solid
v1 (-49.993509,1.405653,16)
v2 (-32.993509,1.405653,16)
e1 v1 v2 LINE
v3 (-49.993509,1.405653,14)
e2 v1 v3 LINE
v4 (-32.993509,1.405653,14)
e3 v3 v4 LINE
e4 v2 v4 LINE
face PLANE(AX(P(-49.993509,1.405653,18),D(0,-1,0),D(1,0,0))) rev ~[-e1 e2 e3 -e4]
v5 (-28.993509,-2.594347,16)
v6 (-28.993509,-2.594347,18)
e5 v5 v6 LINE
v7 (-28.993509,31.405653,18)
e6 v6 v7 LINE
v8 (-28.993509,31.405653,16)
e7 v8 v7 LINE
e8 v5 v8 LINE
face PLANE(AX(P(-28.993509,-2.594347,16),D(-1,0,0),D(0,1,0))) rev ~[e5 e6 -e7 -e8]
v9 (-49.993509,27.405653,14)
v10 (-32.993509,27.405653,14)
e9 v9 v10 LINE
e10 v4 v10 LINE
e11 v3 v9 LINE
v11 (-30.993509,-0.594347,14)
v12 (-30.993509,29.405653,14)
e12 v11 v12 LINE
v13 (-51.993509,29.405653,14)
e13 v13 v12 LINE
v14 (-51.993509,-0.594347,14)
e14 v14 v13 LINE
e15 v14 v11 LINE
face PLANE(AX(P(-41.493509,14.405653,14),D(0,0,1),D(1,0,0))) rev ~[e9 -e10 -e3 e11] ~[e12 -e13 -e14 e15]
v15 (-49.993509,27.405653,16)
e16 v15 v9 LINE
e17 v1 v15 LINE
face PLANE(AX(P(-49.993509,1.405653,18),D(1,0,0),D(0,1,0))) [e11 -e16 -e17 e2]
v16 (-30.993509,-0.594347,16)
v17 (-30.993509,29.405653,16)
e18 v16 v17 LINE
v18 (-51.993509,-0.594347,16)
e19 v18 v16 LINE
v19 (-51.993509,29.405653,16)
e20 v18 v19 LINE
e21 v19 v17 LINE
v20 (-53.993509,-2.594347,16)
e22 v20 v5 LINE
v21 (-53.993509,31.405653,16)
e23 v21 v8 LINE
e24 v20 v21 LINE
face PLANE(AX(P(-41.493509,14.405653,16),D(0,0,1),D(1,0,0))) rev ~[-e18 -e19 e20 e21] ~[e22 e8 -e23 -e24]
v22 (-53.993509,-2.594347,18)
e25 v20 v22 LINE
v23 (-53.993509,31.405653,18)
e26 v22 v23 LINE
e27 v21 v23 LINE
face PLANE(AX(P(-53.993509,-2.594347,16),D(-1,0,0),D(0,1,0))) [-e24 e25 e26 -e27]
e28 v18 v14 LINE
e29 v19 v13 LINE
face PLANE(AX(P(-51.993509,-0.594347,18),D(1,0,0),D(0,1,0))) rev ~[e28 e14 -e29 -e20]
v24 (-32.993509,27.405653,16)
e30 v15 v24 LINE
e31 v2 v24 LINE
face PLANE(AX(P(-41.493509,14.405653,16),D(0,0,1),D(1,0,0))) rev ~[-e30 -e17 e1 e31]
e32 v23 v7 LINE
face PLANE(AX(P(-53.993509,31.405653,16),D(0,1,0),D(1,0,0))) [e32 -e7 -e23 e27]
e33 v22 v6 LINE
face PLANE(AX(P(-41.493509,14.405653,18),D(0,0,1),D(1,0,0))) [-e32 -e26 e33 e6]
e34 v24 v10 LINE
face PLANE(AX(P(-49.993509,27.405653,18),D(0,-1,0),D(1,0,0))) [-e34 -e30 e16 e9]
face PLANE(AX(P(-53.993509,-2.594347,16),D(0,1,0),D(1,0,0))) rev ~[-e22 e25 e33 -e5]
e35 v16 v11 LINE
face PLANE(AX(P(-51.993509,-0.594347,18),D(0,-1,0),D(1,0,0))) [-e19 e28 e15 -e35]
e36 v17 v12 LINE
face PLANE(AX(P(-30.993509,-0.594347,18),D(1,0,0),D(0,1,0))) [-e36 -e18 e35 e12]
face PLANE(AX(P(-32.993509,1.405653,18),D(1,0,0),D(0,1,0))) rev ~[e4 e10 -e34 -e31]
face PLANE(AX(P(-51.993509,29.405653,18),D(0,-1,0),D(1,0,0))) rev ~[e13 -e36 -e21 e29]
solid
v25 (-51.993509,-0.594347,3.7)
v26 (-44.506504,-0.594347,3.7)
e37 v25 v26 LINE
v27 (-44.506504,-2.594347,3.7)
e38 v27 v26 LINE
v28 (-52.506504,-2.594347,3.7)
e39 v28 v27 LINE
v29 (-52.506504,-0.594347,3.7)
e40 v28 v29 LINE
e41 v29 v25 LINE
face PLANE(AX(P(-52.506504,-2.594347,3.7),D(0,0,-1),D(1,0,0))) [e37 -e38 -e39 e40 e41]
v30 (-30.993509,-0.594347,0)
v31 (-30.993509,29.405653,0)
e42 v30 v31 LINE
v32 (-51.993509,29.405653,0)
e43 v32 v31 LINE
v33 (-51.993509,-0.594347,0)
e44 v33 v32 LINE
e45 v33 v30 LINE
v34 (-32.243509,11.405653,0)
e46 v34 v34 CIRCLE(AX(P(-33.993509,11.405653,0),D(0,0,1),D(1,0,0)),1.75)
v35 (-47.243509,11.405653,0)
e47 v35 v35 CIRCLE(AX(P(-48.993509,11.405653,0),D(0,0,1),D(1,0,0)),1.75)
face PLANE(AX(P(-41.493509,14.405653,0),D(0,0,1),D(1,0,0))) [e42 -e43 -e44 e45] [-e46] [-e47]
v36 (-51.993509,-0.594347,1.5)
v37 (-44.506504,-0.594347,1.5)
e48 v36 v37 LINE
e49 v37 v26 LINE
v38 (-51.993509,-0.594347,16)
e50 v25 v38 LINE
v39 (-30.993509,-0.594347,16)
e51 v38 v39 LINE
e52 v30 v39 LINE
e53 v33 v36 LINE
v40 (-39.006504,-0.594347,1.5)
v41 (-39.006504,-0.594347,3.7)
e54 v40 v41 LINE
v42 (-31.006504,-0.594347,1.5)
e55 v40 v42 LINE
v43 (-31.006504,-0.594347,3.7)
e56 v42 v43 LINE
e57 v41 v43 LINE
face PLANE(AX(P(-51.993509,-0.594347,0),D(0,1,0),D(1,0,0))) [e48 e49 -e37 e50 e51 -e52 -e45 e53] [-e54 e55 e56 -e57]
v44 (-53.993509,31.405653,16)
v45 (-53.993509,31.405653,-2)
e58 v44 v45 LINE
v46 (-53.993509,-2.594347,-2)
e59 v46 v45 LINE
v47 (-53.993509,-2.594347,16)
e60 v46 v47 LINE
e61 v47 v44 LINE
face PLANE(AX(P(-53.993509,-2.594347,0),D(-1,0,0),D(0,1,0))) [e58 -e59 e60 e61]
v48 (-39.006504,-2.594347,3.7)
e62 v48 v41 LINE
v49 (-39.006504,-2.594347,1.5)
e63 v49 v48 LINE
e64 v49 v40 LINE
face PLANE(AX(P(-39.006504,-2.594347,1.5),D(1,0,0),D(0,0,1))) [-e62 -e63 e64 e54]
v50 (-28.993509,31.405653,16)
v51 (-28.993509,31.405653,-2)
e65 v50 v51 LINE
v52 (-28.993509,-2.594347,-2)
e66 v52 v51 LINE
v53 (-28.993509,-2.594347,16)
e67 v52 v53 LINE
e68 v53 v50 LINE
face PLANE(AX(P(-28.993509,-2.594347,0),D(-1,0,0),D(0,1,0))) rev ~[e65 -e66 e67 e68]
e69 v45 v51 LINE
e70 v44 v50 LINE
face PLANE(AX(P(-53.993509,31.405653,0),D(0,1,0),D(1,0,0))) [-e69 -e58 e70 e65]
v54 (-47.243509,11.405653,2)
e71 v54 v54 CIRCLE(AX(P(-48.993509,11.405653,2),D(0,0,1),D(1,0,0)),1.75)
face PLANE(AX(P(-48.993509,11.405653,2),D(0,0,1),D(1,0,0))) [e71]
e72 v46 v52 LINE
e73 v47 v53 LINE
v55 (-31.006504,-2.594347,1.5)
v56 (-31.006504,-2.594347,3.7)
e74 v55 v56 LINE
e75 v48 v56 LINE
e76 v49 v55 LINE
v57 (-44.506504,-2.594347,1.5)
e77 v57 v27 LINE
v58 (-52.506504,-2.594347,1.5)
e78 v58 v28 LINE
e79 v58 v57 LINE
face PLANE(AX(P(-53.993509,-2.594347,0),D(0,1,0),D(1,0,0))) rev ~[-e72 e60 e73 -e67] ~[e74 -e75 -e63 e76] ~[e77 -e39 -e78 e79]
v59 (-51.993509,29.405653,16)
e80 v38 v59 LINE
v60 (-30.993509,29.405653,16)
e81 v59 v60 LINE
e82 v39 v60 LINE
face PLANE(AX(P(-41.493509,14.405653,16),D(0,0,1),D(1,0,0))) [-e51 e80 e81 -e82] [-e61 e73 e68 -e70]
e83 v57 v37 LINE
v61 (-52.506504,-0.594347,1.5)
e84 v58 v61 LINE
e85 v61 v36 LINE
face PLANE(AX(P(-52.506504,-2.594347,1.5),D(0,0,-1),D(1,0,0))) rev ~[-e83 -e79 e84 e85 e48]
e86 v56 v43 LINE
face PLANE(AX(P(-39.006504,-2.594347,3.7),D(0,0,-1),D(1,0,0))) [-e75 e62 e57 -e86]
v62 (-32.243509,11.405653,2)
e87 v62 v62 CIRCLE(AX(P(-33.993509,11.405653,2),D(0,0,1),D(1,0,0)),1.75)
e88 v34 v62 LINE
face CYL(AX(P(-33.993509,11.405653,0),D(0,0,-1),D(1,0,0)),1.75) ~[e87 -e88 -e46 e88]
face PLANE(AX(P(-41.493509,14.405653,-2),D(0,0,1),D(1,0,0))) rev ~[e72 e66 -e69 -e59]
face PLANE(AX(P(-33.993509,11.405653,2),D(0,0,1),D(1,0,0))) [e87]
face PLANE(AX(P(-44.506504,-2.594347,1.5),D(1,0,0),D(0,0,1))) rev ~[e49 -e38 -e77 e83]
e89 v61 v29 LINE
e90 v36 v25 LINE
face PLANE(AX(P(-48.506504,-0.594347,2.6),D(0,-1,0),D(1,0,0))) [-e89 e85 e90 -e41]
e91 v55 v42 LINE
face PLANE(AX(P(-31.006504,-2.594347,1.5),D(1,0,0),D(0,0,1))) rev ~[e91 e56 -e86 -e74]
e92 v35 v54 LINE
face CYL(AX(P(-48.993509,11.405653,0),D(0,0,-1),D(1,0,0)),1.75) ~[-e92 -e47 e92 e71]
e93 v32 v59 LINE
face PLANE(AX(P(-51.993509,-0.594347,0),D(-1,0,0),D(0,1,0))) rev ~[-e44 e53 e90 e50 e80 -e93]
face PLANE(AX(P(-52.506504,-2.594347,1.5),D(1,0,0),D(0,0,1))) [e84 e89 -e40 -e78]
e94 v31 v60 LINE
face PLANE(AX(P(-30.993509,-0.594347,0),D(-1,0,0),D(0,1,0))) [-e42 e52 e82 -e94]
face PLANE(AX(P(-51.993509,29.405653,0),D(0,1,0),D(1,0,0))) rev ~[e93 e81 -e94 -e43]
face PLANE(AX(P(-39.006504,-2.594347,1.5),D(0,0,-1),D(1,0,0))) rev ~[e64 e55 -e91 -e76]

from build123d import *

# Parameters (mm, degrees)
F0_W      = 25
F0_H      = 34
F1_DEPTH  = 2
F2_W      = 25
F2_H      = 34
F2_W_2    = 21
F2_H_2    = 30
F3_DEPTH  = 16
F4_W      = 8
F4_H      = 2.2
F5_DEPTH  = 2
F6_R      = 1.75
F7_DEPTH  = 2
F8_W      = 25
F8_H      = 34
F8_W_2    = 21
F8_H_2    = 30
F9_DEPTH  = 2
F10_W     = 21
F10_H     = 30
F10_W_2   = 17
F10_H_2   = 26
F11_DEPTH = 4


with BuildPart() as f1:
    # F0 (on Top) → F1 (new body)
    with BuildSketch(Plane.XY):
        with Locations((-41.4935089648, 14.4056526116)):
            Rectangle(F0_W, F0_H)
    extrude(amount=-F1_DEPTH)

    # F2 (on face) → F3 (join)
    with BuildSketch(Plane.XY):
        with Locations((-41.4935089648, 14.4056526116)):
            Rectangle(F2_W, F2_H)
        with Locations((-41.4935089648, 14.4056526116)):
            Rectangle(F2_W_2, F2_H_2, mode=Mode.SUBTRACT)
    extrude(amount=F3_DEPTH)

    # F4 (on face) → F5 (cut)
    with BuildSketch(Plane.XZ.offset(2.5943473884)):
        with Locations((-48.5065041638, 2.6)):
            Rectangle(F4_W, F4_H)
        with Locations((-35.0065041638, 2.6)):
            Rectangle(F4_W, F4_H)
    extrude(amount=-F5_DEPTH, mode=Mode.SUBTRACT)

    # F6 (on face) → F7 (join)
    with BuildSketch(Plane.XY):
        with Locations((-48.9935089648, 11.4056526116)):
            Circle(F6_R)
        with Locations((-33.9935089648, 11.4056526116)):
            Circle(F6_R)
    extrude(amount=F7_DEPTH)


with BuildPart() as f9:
    # F8 (on face) → F9 (new body)
    with BuildSketch(Plane.XY.offset(16)):
        with Locations((-41.4935089648, 14.4056526116)):
            Rectangle(F8_W, F8_H)
        with Locations((-41.4935089648, 14.4056526116)):
            Rectangle(F8_W_2, F8_H_2, mode=Mode.SUBTRACT)
        with Locations((-41.4935089648, 14.4056526116)):
            Rectangle(F8_W_2, F8_H_2)
    extrude(amount=F9_DEPTH)

    # F10 (on face) → F11 (join)
    with BuildSketch(Plane.XY.offset(18)):
        with Locations((-41.4935089648, 14.4056526116)):
            Rectangle(F10_W, F10_H)
        with Locations((-41.4935089648, 14.4056526116)):
            Rectangle(F10_W_2, F10_H_2, mode=Mode.SUBTRACT)
    extrude(amount=-F11_DEPTH)


solid = Compound([f1.part, f9.part])
